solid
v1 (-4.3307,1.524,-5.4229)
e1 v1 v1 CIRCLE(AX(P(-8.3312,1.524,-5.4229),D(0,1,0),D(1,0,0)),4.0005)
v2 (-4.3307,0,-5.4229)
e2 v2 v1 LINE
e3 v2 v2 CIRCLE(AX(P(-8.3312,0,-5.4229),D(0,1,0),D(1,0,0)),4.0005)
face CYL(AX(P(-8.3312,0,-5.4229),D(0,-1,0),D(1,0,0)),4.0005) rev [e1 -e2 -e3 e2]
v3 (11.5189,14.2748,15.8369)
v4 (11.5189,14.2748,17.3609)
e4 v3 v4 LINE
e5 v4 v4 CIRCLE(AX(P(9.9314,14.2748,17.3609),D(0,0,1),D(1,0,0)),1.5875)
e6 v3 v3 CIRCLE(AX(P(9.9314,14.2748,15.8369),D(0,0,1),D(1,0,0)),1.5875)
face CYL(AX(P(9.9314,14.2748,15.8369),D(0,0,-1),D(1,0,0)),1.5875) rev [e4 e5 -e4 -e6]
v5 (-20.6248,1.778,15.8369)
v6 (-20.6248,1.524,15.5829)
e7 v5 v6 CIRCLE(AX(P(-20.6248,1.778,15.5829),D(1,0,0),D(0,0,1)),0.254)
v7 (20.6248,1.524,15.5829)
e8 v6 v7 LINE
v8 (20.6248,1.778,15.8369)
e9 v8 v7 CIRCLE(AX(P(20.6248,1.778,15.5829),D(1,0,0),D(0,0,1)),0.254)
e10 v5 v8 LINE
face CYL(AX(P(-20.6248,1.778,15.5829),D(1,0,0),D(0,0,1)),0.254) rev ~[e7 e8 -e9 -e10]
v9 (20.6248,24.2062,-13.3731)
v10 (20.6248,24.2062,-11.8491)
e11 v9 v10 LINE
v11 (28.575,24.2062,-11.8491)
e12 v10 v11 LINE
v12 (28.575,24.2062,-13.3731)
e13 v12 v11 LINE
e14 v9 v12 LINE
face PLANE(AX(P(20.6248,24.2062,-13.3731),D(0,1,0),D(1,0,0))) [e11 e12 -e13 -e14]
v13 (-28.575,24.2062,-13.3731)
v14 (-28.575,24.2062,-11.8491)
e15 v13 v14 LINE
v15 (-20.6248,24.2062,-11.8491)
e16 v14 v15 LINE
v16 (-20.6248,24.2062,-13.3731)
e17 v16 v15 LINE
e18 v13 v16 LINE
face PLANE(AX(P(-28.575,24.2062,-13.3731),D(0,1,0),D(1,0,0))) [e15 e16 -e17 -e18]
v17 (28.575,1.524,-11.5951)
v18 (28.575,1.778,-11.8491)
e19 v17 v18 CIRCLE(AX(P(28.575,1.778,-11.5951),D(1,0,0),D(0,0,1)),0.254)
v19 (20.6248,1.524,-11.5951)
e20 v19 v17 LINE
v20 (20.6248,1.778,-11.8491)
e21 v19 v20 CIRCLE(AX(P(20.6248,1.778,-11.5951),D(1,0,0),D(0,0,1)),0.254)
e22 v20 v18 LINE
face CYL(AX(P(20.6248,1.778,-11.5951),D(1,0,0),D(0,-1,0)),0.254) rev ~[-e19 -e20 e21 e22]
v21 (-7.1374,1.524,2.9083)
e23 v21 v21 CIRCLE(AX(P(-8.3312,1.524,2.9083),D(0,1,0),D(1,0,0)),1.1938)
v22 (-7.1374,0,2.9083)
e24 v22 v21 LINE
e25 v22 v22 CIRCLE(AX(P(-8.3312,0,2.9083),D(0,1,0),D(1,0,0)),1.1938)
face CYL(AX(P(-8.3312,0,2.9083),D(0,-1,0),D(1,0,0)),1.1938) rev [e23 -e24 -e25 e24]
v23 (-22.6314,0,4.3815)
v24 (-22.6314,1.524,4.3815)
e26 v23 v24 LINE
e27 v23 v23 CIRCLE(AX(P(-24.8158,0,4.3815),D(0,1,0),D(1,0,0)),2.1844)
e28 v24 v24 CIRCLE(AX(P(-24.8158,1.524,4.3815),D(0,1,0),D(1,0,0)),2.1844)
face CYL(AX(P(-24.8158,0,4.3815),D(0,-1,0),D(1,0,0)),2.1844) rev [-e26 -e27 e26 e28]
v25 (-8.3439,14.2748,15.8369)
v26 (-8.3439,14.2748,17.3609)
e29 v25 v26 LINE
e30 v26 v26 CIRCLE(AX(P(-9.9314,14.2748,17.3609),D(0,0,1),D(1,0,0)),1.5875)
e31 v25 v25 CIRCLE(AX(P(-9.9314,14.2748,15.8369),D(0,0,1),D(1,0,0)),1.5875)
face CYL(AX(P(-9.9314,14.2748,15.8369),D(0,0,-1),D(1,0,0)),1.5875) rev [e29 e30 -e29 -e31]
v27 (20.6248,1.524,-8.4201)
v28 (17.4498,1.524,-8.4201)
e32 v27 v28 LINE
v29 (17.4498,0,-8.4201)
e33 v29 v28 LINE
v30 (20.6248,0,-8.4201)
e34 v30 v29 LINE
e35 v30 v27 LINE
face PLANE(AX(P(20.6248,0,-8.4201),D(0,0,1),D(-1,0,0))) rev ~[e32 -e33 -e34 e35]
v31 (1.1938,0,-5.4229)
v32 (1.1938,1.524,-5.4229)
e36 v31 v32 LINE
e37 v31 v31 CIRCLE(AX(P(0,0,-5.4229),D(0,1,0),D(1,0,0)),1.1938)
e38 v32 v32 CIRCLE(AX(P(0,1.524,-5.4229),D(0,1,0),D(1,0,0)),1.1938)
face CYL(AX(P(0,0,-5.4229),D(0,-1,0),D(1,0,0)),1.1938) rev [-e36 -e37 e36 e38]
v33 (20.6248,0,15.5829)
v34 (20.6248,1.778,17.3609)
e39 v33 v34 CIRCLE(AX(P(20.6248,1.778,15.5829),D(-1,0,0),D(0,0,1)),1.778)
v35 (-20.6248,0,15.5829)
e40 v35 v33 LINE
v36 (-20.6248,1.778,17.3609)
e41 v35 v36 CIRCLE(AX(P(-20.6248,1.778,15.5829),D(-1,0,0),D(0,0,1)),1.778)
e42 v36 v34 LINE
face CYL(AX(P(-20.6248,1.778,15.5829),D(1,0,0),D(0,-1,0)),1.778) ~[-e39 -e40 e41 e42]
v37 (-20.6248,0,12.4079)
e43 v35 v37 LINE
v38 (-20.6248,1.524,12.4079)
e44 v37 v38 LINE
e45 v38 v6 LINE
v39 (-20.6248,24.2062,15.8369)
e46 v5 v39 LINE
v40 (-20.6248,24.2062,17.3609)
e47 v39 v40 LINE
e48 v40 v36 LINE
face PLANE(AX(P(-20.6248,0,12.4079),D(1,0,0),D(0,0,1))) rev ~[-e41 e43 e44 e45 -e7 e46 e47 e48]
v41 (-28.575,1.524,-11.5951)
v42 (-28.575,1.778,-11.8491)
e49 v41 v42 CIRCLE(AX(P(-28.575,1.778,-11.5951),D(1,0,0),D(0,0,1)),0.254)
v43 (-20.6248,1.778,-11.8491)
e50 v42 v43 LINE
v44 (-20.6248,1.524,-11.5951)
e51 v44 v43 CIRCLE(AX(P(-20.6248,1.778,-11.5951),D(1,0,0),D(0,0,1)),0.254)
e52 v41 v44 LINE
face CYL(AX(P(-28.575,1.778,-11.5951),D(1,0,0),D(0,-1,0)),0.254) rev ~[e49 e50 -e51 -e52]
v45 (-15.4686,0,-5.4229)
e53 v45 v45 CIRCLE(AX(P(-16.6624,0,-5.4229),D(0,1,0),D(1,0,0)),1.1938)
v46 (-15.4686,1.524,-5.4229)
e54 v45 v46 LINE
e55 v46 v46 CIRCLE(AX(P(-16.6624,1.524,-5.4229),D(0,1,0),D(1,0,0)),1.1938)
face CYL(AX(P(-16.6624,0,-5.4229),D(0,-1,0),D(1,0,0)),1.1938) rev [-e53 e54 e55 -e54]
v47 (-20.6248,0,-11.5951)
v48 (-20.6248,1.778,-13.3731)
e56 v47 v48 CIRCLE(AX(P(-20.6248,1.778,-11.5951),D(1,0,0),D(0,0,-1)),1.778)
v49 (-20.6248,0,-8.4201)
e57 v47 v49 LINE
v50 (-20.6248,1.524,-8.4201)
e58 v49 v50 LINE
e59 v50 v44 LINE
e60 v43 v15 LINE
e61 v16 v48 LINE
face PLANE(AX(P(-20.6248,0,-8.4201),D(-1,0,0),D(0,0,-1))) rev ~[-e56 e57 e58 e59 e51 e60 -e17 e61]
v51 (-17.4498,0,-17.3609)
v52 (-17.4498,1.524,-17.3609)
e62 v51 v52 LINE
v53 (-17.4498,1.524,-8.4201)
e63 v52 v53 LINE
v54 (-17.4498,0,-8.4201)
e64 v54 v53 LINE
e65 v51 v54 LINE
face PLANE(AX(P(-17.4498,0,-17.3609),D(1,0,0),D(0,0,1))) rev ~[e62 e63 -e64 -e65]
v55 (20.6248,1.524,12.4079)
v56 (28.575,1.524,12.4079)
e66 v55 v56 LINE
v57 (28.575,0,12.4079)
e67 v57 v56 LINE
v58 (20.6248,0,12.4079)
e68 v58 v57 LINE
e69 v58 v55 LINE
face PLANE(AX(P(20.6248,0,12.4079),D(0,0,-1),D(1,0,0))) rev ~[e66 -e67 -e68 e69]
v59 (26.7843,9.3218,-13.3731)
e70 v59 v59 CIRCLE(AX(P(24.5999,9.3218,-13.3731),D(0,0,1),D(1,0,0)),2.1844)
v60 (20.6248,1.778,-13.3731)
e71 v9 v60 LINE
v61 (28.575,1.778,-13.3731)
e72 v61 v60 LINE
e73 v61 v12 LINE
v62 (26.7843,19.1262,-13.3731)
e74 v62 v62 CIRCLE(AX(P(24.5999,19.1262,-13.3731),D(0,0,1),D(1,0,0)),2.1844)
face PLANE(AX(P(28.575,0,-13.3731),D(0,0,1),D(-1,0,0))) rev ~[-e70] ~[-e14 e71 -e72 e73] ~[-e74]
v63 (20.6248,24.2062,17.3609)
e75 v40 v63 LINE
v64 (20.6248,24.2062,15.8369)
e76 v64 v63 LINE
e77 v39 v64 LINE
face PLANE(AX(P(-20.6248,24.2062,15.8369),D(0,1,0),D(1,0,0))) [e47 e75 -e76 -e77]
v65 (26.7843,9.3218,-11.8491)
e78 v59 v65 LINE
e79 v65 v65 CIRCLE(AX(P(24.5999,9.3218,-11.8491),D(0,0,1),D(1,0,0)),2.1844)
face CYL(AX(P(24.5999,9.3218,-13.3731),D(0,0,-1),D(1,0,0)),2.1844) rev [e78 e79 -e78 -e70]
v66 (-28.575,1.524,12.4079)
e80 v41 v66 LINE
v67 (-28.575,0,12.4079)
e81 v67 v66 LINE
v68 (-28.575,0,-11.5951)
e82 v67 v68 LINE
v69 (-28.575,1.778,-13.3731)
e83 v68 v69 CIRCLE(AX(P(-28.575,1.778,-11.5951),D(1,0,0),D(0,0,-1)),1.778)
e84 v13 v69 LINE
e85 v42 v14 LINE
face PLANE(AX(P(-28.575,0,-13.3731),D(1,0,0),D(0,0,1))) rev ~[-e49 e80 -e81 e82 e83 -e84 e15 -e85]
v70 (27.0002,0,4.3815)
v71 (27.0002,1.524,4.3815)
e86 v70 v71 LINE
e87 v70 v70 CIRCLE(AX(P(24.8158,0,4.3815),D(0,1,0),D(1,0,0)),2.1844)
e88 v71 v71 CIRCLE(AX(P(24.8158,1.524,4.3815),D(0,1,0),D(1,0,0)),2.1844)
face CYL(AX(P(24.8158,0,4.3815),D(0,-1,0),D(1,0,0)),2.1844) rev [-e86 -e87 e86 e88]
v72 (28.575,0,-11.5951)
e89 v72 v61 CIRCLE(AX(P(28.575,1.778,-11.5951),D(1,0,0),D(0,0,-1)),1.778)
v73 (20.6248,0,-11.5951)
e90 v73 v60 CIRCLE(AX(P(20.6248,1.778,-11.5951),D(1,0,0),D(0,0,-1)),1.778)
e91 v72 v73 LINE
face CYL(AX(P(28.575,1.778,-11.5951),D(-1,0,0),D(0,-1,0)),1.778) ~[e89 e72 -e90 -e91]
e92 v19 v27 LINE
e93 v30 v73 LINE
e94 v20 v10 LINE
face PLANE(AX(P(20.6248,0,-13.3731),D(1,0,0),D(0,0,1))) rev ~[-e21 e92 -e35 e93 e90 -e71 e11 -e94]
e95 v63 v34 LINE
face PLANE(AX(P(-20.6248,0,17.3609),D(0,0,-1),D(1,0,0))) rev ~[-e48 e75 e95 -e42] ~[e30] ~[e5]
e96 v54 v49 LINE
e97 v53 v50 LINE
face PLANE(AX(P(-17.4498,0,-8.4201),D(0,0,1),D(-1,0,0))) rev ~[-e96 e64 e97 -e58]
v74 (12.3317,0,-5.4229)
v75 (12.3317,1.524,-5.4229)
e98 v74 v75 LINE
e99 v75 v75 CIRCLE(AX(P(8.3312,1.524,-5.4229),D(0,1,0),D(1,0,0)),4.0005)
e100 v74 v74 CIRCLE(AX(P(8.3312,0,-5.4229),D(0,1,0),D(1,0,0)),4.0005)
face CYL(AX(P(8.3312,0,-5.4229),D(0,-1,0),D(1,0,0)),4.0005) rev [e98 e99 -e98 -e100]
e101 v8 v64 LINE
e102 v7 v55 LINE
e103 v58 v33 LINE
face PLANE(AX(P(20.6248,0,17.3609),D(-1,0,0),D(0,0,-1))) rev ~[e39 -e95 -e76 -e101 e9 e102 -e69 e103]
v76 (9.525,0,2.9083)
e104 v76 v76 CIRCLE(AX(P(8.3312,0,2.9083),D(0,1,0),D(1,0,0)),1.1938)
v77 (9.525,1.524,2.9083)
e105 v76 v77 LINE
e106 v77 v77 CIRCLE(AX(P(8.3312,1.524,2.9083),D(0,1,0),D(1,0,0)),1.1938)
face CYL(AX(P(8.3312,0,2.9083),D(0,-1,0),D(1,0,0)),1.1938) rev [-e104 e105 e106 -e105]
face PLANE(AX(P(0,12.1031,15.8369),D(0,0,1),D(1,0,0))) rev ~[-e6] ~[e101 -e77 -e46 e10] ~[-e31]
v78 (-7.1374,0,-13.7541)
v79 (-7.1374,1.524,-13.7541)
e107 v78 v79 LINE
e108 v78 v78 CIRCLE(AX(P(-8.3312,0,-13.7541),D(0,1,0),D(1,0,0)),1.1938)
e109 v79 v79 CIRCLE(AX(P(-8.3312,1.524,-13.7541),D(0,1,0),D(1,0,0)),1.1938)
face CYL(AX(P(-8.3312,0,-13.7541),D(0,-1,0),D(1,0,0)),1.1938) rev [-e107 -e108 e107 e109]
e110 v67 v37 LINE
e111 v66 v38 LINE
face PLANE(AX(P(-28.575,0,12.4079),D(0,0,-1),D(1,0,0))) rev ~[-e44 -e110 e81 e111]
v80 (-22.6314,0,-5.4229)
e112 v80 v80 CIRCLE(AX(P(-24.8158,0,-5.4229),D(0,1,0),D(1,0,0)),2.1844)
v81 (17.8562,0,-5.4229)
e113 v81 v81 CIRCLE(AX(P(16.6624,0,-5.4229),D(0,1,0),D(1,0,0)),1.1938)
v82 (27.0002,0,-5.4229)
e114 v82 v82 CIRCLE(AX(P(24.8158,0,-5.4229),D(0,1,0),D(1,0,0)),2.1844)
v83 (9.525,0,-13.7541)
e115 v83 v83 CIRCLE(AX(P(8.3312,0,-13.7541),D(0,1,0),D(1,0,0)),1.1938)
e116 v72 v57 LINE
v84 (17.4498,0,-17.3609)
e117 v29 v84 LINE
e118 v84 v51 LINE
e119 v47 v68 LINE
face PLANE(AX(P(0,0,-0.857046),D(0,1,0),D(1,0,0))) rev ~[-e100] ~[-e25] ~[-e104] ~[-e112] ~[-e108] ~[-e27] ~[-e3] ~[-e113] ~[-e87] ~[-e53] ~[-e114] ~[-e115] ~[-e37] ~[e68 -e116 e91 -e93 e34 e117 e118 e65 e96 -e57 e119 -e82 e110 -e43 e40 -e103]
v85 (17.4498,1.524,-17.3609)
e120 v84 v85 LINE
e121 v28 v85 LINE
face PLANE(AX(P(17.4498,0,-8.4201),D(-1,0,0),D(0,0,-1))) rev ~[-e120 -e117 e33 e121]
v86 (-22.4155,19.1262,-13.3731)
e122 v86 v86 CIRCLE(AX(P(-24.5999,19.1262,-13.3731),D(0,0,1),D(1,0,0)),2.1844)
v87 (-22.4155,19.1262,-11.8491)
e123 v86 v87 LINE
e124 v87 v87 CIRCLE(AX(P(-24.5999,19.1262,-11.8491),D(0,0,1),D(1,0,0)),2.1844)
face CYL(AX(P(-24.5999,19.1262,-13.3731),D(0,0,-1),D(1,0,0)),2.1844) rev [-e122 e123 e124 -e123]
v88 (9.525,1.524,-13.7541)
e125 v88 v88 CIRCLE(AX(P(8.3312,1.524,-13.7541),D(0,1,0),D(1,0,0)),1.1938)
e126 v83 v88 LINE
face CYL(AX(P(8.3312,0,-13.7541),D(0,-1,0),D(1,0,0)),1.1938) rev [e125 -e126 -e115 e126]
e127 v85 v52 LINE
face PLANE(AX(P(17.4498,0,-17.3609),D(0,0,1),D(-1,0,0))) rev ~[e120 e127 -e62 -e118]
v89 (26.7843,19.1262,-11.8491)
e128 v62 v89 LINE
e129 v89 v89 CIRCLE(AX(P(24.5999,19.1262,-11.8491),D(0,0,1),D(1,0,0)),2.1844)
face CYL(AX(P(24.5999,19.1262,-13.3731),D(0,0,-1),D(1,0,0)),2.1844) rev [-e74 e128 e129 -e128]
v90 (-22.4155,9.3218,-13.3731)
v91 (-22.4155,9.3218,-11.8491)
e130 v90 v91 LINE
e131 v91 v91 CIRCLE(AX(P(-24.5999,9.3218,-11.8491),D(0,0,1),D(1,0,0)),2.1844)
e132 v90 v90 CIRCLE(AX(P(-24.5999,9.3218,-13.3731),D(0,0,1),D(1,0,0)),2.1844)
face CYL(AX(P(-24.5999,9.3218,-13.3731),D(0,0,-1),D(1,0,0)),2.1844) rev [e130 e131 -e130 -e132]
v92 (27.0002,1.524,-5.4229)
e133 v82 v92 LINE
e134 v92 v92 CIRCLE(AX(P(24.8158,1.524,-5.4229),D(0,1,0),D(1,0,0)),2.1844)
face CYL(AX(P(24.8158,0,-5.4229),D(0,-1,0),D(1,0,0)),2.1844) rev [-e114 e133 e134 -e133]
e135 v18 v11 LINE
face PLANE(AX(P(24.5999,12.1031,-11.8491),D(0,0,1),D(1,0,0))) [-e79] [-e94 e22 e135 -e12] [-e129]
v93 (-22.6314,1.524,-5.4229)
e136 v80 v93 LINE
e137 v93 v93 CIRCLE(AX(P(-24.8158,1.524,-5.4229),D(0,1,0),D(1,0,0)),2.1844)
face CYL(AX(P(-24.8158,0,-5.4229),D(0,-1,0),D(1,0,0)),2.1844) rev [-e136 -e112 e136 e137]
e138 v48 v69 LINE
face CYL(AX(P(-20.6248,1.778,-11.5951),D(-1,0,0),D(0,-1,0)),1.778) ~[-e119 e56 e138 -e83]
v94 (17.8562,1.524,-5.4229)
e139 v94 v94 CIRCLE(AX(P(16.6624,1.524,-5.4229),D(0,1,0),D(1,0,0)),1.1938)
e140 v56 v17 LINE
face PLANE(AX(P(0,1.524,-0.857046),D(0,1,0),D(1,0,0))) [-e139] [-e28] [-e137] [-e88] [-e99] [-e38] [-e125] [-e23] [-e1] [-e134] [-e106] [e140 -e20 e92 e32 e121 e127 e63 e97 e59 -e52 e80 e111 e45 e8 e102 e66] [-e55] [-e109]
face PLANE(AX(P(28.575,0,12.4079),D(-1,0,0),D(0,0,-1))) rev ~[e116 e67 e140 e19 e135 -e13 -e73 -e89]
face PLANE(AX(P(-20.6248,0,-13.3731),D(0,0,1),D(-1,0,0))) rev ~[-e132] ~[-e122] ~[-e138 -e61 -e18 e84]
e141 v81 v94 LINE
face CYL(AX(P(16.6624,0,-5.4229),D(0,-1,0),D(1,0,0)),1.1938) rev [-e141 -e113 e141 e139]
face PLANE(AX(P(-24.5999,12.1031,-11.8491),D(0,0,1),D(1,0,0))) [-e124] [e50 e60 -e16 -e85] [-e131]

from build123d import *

# Parameters (mm, degrees)
SKETCH1_R      = 2.1844
SKETCH1_R_2    = 1.1938
SKETCH1_R_3    = 4.0005
EXTRUDE1_DEPTH = 1.524
EXTRUDE3_START = -13.3731
SKETCH3_W      = 7.9502
SKETCH3_H      = 24.2062
SKETCH3_R      = 2.1844
EXTRUDE3_DEPTH = 1.524
EXTRUDE4_START = 15.8369
SKETCH3_3_W    = 41.2496
SKETCH3_3_H    = 24.2062
SKETCH3_3_R    = 1.5875
EXTRUDE4_DEPTH = 1.524
FILLET4_R      = 1.778
FILLET5_R      = 0.254


with BuildPart() as part:
    # Sketch1 → Extrude1 (new body)
    with BuildSketch(Plane(origin=(0, 0, 0), x_dir=(1, 0, 0), z_dir=(0, 1, 0))):
        Polygon((28.575, -12.4079), (28.575, 13.3731), (20.6248, 13.3731), (20.6248, 8.4201), (17.4498, 8.4201), (17.4498, 17.3609), (-17.4498, 17.3609), (-17.4498, 8.4201), (-20.6248, 8.4201), (-20.6248, 13.3731), (-28.575, 13.3731), (-28.575, -12.4079), (-20.6248, -12.4079), (-20.6248, -17.3609), (20.6248, -17.3609), (20.6248, -12.4079), align=None)
        with Locations((-24.8158, -4.3815)):
            Circle(SKETCH1_R, mode=Mode.SUBTRACT)
        with Locations((-8.3312, -2.9083)):
            Circle(SKETCH1_R_2, mode=Mode.SUBTRACT)
        with Locations((8.3312, -2.9083)):
            Circle(SKETCH1_R_2, mode=Mode.SUBTRACT)
        with Locations((24.8158, -4.3815)):
            Circle(SKETCH1_R, mode=Mode.SUBTRACT)
        with Locations((8.3312, 13.7541)):
            Circle(SKETCH1_R_2, mode=Mode.SUBTRACT)
        with Locations((-24.8158, 5.4229)):
            Circle(SKETCH1_R, mode=Mode.SUBTRACT)
        with Locations((-16.6624, 5.4229)):
            Circle(SKETCH1_R_2, mode=Mode.SUBTRACT)
        with Locations((-8.3312, 5.4229)):
            Circle(SKETCH1_R_3, mode=Mode.SUBTRACT)
        with Locations((-8.3312, 13.7541)):
            Circle(SKETCH1_R_2, mode=Mode.SUBTRACT)
        with Locations((0, 5.4229)):
            Circle(SKETCH1_R_2, mode=Mode.SUBTRACT)
        with Locations((8.3312, 5.4229)):
            Circle(SKETCH1_R_3, mode=Mode.SUBTRACT)
        with Locations((16.6624, 5.4229)):
            Circle(SKETCH1_R_2, mode=Mode.SUBTRACT)
        with Locations((24.8158, 5.4229)):
            Circle(SKETCH1_R, mode=Mode.SUBTRACT)
    extrude(amount=EXTRUDE1_DEPTH)

    # Sketch3 → Extrude3 (add)
    with BuildSketch(Plane.XY.offset(EXTRUDE3_START)):
        with Locations((-24.5999, 12.1031)):
            Rectangle(SKETCH3_W, SKETCH3_H)
        with Locations((-24.5999, 19.1262)):
            Circle(SKETCH3_R, mode=Mode.SUBTRACT)
        with Locations((-24.5999, 9.3218)):
            Circle(SKETCH3_R, mode=Mode.SUBTRACT)
        with Locations((24.5999, 12.1031)):
            Rectangle(SKETCH3_W, SKETCH3_H)
        with Locations((24.5999, 9.3218)):
            Circle(SKETCH3_R, mode=Mode.SUBTRACT)
        with Locations((24.5999, 19.1262)):
            Circle(SKETCH3_R, mode=Mode.SUBTRACT)
    extrude(amount=EXTRUDE3_DEPTH)

    # Sketch3_3 → Extrude4 (add)
    with BuildSketch(Plane.XY.offset(EXTRUDE4_START)):
        with Locations((0, 12.1031)):
            Rectangle(SKETCH3_3_W, SKETCH3_3_H)
        with Locations((-9.9314, 14.2748)):
            Circle(SKETCH3_3_R, mode=Mode.SUBTRACT)
        with Locations((9.9314, 14.2748)):
            Circle(SKETCH3_3_R, mode=Mode.SUBTRACT)
    extrude(amount=EXTRUDE4_DEPTH)

    # Fillet4
    fillet4_edges = [part.edges().sort_by_distance(p)[0] for p in [
        (0, 0, 17.3609),
        (-24.5999, 0, -13.3731),
        (24.5999, 0, -13.3731),
    ]]
    fillet(fillet4_edges, radius=FILLET4_R)

    # Fillet5
    fillet5_edges = [part.edges().sort_by_distance(p)[0] for p in [
        (24.5999, 1.524, -11.8491),
        (0, 1.524, 15.8369),
        (-24.5999, 1.524, -11.8491),
    ]]
    fillet(fillet5_edges, radius=FILLET5_R)


solid = part.part
